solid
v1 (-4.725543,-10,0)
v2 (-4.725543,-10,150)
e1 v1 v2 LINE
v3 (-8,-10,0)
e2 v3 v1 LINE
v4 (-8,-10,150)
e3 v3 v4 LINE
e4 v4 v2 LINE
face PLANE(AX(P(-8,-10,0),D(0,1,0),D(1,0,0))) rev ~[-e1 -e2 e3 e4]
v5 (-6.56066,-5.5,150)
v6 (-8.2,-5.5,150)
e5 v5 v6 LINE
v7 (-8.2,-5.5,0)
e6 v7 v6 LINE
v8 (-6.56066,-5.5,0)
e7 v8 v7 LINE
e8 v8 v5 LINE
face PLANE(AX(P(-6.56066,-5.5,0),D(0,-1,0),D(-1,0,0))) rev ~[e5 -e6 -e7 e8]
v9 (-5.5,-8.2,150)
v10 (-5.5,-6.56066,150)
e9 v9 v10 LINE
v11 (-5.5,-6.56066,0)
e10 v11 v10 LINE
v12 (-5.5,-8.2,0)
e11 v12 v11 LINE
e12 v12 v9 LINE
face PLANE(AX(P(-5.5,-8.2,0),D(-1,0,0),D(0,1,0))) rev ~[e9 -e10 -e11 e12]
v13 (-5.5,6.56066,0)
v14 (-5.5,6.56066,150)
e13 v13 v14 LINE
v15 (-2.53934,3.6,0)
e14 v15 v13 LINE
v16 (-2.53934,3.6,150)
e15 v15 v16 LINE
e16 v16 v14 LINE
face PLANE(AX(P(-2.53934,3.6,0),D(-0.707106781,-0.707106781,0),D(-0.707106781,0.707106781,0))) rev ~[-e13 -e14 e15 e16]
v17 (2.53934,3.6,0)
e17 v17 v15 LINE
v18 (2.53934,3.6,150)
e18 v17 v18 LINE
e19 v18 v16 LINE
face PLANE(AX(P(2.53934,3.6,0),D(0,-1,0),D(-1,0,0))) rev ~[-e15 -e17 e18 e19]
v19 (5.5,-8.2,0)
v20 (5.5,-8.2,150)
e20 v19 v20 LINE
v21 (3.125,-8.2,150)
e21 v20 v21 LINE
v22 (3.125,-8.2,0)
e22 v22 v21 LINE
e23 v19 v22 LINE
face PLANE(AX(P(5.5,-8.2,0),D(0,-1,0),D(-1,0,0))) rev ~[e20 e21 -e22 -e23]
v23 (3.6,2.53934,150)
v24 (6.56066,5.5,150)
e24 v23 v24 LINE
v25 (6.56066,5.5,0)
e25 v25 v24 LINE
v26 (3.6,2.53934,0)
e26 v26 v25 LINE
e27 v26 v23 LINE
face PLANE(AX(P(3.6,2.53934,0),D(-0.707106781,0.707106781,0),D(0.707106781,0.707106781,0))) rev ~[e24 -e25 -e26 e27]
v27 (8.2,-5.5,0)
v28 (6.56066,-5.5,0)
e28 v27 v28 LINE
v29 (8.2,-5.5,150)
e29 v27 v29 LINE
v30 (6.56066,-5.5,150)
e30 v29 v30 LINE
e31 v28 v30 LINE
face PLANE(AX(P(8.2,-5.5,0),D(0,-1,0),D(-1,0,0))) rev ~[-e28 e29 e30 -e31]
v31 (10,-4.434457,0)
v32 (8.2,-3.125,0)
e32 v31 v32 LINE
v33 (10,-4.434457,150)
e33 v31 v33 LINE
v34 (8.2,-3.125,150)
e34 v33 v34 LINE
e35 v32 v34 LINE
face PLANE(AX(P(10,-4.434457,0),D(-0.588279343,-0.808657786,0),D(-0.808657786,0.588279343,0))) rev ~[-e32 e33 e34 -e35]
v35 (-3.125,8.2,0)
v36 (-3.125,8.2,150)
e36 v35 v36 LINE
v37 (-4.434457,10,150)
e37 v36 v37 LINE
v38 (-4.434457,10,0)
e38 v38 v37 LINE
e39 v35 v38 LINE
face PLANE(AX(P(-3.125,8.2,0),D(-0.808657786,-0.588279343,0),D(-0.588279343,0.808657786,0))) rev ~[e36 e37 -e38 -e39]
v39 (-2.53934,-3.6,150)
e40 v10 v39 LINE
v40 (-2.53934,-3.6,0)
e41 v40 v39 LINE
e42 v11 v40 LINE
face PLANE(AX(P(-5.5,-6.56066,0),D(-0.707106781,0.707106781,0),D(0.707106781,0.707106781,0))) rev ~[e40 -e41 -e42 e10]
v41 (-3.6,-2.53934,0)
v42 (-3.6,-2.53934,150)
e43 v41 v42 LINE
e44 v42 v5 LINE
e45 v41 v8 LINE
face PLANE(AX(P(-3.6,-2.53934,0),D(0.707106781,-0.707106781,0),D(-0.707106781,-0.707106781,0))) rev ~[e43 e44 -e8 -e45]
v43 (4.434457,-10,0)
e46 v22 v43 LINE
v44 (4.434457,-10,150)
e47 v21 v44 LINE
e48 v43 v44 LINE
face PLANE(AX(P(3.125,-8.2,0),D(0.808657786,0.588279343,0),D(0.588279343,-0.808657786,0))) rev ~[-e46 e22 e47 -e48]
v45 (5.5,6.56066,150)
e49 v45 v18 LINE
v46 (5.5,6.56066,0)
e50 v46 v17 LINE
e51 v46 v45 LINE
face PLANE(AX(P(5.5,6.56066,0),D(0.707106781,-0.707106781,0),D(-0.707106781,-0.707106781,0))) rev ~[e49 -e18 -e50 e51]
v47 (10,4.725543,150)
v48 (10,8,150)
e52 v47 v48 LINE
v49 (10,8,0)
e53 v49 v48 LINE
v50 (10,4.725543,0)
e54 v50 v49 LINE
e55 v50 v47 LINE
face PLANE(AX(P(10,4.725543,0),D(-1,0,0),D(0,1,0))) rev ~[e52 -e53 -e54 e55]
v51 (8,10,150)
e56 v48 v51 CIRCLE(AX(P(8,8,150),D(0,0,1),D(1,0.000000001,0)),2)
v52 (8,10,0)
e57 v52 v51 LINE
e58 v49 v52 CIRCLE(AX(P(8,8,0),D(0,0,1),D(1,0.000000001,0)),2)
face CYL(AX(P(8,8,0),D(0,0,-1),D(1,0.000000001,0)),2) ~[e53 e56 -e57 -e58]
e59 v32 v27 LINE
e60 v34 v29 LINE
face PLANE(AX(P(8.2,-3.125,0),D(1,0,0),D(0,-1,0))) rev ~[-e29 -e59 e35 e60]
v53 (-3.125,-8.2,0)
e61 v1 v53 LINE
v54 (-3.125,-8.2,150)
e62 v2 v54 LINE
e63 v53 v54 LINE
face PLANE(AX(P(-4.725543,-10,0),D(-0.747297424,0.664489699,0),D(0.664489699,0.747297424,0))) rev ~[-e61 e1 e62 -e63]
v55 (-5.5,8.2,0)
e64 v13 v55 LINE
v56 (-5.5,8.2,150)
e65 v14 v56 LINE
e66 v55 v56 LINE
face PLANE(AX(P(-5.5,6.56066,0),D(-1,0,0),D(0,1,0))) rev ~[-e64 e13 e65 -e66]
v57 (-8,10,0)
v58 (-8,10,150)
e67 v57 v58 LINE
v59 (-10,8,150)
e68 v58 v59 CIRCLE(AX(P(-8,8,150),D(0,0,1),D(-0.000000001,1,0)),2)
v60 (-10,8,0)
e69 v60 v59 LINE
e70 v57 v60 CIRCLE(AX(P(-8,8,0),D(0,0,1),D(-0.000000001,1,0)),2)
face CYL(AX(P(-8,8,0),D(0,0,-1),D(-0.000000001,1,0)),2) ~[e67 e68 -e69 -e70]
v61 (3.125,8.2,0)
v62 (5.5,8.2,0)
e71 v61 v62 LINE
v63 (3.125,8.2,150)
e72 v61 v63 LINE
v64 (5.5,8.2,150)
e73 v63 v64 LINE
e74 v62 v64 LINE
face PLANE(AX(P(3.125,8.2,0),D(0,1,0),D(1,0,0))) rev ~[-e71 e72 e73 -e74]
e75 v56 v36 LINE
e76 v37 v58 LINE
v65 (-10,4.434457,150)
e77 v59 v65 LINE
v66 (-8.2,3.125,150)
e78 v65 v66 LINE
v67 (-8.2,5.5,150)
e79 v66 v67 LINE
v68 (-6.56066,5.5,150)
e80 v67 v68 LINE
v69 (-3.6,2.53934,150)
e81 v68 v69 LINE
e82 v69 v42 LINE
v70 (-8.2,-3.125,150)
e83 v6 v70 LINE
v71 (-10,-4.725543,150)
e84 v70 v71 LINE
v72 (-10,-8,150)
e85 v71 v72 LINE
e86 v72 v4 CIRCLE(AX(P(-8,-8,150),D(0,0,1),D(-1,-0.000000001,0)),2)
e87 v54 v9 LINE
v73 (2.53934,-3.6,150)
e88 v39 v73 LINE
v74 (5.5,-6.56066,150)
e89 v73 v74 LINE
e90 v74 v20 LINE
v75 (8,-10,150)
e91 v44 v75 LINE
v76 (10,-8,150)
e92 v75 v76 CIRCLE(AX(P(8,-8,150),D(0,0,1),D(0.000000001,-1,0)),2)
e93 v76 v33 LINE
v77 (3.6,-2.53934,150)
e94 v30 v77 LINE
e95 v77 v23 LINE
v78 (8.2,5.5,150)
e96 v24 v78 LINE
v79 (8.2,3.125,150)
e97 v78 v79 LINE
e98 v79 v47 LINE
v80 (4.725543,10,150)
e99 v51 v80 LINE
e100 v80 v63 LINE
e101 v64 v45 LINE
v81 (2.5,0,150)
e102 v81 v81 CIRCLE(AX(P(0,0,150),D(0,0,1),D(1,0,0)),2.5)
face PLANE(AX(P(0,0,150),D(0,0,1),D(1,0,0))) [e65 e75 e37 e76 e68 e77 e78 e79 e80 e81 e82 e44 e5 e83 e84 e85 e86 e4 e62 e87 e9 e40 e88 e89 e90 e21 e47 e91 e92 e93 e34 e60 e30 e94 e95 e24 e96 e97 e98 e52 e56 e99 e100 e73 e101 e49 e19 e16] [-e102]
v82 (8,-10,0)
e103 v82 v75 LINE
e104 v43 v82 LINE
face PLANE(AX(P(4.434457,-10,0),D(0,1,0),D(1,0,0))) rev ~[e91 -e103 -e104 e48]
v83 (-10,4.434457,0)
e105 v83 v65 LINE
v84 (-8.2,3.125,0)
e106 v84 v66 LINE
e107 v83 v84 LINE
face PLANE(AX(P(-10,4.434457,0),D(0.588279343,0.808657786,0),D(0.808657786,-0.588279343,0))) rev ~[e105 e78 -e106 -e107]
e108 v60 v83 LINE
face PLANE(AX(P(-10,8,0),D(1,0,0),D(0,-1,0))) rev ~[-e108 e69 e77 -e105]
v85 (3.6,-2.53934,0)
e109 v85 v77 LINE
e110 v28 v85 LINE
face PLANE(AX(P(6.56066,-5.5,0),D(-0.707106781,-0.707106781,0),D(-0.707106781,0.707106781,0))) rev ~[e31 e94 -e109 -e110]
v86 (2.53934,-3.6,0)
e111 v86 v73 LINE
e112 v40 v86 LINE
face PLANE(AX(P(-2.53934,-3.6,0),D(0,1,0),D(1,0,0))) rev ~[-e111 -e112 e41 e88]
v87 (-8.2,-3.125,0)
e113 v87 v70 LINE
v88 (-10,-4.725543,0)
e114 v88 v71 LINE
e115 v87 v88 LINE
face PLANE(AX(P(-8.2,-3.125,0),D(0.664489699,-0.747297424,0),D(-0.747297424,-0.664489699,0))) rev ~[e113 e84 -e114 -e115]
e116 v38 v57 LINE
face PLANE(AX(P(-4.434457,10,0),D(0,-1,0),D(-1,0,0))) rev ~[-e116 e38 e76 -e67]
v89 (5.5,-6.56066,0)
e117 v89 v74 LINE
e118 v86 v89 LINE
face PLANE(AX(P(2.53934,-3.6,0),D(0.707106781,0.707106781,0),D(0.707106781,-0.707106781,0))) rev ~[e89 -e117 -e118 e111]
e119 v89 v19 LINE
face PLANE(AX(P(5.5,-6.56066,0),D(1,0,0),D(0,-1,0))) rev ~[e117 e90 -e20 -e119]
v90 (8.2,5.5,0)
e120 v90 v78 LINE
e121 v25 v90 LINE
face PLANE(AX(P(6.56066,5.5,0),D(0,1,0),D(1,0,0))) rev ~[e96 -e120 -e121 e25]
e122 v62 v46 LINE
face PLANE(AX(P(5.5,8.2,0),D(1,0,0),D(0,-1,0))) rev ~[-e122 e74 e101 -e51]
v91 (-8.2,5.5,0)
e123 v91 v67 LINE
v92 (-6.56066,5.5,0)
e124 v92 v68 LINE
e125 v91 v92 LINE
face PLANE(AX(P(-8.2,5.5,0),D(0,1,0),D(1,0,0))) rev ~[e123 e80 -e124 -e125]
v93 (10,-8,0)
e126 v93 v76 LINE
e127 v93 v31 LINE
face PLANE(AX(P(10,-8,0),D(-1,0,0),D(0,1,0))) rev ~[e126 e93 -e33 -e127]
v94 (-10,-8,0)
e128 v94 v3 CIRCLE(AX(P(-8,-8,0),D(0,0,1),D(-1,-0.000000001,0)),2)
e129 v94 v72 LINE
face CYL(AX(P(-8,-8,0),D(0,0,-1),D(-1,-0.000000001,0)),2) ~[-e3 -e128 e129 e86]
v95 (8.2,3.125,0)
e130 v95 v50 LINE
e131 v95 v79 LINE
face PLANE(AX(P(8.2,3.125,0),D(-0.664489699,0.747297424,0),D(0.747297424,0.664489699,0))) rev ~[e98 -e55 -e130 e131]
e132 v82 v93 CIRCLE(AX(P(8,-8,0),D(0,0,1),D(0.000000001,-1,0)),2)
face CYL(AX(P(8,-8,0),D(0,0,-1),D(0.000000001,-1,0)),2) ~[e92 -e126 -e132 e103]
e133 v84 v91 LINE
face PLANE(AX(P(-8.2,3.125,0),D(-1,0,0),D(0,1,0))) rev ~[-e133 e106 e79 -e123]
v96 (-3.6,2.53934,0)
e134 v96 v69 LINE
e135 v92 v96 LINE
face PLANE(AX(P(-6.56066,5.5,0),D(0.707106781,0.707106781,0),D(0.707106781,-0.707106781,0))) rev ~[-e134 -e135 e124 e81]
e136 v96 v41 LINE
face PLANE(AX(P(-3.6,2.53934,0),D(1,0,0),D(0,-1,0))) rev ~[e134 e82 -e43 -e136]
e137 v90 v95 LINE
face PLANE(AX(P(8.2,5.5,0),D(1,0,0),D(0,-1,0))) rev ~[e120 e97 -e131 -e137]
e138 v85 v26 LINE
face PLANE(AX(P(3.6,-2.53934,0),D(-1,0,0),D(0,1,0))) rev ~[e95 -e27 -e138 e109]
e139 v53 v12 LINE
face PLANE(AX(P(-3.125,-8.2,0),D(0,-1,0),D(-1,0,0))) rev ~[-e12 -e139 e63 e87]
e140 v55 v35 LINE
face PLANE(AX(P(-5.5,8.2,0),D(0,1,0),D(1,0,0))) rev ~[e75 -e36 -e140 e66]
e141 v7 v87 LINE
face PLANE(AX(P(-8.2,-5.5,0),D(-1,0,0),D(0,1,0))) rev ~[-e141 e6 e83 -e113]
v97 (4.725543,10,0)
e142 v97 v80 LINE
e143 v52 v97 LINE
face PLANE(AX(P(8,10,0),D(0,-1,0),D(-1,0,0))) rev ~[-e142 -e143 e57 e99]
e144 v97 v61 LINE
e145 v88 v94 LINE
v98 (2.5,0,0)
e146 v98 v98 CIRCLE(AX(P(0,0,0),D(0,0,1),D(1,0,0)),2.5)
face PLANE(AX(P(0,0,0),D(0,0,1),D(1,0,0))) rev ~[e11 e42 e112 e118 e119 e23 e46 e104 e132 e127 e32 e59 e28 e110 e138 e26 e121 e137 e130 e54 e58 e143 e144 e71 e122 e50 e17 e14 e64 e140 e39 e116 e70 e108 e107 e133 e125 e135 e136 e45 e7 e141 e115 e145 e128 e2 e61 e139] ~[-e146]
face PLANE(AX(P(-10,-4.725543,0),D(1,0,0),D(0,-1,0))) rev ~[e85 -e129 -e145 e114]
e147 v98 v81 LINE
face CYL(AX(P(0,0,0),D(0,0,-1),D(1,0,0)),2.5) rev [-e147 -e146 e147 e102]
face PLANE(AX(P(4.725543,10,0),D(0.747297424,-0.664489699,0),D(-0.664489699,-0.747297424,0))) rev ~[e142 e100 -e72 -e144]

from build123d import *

# Parameters (mm, degrees)
SKETCH1_R               = 2.5
ALUMINIUM_PROFILE_DEPTH = 150


with BuildPart() as part:
    # Sketch1 → Aluminium_profile (new body)
    with BuildSketch(Plane.XY):
        with BuildLine():
            Line((-4.725542729, -10), (-3.125, -8.2))
            Line((-3.125, -8.2), (-5.5, -8.2))
            Line((-5.5, -8.2), (-5.5, -6.560660172))
            Line((-5.5, -6.560660172), (-2.539339828, -3.6))
            Line((-2.539339828, -3.6), (2.539339828, -3.6))
            Line((2.539339828, -3.6), (5.5, -6.560660172))
            Line((5.5, -6.560660172), (5.5, -8.2))
            Line((5.5, -8.2), (3.125, -8.2))
            Line((3.125, -8.2), (4.434457271, -10))
            Line((4.434457271, -10), (8, -10))
            ThreePointArc((8, -10), (9.414213562, -9.414213562), (10, -8))
            Line((10, -8), (10, -4.434457271))
            Line((10, -4.434457271), (8.2, -3.125))
            Line((8.2, -3.125), (8.2, -5.5))
            Line((8.2, -5.5), (6.560660172, -5.5))
            Line((6.560660172, -5.5), (3.6, -2.539339828))
            Line((3.6, -2.539339828), (3.6, 2.539339828))
            Line((3.6, 2.539339828), (6.560660172, 5.5))
            Line((6.560660172, 5.5), (8.2, 5.5))
            Line((8.2, 5.5), (8.2, 3.125))
            Line((8.2, 3.125), (10, 4.725542729))
            Line((10, 4.725542729), (10, 8))
            ThreePointArc((10, 8), (9.414213562, 9.414213562), (8, 10))
            Line((8, 10), (4.725542729, 10))
            Line((4.725542729, 10), (3.125, 8.2))
            Line((3.125, 8.2), (5.5, 8.2))
            Line((5.5, 8.2), (5.5, 6.560660172))
            Line((5.5, 6.560660172), (2.539339828, 3.6))
            Line((2.539339828, 3.6), (-2.539339828, 3.6))
            Line((-2.539339828, 3.6), (-5.5, 6.560660172))
            Line((-5.5, 6.560660172), (-5.5, 8.2))
            Line((-5.5, 8.2), (-3.125, 8.2))
            Line((-3.125, 8.2), (-4.434457271, 10))
            Line((-4.434457271, 10), (-8, 10))
            ThreePointArc((-8, 10), (-9.414213562, 9.414213562), (-10, 8))
            Line((-10, 8), (-10, 4.434457271))
            Line((-10, 4.434457271), (-8.2, 3.125))
            Line((-8.2, 3.125), (-8.2, 5.5))
            Line((-8.2, 5.5), (-6.560660172, 5.5))
            Line((-6.560660172, 5.5), (-3.6, 2.539339828))
            Line((-3.6, 2.539339828), (-3.6, -2.539339828))
            Line((-3.6, -2.539339828), (-6.560660172, -5.5))
            Line((-6.560660172, -5.5), (-8.2, -5.5))
            Line((-8.2, -5.5), (-8.2, -3.125))
            Line((-8.2, -3.125), (-10, -4.725542729))
            Line((-10, -4.725542729), (-10, -8))
            ThreePointArc((-10, -8), (-9.414213562, -9.414213562), (-8, -10))
            Line((-8, -10), (-4.725542729, -10))
        make_face()
        Circle(SKETCH1_R, mode=Mode.SUBTRACT)
    extrude(amount=ALUMINIUM_PROFILE_DEPTH)


solid = part.part
